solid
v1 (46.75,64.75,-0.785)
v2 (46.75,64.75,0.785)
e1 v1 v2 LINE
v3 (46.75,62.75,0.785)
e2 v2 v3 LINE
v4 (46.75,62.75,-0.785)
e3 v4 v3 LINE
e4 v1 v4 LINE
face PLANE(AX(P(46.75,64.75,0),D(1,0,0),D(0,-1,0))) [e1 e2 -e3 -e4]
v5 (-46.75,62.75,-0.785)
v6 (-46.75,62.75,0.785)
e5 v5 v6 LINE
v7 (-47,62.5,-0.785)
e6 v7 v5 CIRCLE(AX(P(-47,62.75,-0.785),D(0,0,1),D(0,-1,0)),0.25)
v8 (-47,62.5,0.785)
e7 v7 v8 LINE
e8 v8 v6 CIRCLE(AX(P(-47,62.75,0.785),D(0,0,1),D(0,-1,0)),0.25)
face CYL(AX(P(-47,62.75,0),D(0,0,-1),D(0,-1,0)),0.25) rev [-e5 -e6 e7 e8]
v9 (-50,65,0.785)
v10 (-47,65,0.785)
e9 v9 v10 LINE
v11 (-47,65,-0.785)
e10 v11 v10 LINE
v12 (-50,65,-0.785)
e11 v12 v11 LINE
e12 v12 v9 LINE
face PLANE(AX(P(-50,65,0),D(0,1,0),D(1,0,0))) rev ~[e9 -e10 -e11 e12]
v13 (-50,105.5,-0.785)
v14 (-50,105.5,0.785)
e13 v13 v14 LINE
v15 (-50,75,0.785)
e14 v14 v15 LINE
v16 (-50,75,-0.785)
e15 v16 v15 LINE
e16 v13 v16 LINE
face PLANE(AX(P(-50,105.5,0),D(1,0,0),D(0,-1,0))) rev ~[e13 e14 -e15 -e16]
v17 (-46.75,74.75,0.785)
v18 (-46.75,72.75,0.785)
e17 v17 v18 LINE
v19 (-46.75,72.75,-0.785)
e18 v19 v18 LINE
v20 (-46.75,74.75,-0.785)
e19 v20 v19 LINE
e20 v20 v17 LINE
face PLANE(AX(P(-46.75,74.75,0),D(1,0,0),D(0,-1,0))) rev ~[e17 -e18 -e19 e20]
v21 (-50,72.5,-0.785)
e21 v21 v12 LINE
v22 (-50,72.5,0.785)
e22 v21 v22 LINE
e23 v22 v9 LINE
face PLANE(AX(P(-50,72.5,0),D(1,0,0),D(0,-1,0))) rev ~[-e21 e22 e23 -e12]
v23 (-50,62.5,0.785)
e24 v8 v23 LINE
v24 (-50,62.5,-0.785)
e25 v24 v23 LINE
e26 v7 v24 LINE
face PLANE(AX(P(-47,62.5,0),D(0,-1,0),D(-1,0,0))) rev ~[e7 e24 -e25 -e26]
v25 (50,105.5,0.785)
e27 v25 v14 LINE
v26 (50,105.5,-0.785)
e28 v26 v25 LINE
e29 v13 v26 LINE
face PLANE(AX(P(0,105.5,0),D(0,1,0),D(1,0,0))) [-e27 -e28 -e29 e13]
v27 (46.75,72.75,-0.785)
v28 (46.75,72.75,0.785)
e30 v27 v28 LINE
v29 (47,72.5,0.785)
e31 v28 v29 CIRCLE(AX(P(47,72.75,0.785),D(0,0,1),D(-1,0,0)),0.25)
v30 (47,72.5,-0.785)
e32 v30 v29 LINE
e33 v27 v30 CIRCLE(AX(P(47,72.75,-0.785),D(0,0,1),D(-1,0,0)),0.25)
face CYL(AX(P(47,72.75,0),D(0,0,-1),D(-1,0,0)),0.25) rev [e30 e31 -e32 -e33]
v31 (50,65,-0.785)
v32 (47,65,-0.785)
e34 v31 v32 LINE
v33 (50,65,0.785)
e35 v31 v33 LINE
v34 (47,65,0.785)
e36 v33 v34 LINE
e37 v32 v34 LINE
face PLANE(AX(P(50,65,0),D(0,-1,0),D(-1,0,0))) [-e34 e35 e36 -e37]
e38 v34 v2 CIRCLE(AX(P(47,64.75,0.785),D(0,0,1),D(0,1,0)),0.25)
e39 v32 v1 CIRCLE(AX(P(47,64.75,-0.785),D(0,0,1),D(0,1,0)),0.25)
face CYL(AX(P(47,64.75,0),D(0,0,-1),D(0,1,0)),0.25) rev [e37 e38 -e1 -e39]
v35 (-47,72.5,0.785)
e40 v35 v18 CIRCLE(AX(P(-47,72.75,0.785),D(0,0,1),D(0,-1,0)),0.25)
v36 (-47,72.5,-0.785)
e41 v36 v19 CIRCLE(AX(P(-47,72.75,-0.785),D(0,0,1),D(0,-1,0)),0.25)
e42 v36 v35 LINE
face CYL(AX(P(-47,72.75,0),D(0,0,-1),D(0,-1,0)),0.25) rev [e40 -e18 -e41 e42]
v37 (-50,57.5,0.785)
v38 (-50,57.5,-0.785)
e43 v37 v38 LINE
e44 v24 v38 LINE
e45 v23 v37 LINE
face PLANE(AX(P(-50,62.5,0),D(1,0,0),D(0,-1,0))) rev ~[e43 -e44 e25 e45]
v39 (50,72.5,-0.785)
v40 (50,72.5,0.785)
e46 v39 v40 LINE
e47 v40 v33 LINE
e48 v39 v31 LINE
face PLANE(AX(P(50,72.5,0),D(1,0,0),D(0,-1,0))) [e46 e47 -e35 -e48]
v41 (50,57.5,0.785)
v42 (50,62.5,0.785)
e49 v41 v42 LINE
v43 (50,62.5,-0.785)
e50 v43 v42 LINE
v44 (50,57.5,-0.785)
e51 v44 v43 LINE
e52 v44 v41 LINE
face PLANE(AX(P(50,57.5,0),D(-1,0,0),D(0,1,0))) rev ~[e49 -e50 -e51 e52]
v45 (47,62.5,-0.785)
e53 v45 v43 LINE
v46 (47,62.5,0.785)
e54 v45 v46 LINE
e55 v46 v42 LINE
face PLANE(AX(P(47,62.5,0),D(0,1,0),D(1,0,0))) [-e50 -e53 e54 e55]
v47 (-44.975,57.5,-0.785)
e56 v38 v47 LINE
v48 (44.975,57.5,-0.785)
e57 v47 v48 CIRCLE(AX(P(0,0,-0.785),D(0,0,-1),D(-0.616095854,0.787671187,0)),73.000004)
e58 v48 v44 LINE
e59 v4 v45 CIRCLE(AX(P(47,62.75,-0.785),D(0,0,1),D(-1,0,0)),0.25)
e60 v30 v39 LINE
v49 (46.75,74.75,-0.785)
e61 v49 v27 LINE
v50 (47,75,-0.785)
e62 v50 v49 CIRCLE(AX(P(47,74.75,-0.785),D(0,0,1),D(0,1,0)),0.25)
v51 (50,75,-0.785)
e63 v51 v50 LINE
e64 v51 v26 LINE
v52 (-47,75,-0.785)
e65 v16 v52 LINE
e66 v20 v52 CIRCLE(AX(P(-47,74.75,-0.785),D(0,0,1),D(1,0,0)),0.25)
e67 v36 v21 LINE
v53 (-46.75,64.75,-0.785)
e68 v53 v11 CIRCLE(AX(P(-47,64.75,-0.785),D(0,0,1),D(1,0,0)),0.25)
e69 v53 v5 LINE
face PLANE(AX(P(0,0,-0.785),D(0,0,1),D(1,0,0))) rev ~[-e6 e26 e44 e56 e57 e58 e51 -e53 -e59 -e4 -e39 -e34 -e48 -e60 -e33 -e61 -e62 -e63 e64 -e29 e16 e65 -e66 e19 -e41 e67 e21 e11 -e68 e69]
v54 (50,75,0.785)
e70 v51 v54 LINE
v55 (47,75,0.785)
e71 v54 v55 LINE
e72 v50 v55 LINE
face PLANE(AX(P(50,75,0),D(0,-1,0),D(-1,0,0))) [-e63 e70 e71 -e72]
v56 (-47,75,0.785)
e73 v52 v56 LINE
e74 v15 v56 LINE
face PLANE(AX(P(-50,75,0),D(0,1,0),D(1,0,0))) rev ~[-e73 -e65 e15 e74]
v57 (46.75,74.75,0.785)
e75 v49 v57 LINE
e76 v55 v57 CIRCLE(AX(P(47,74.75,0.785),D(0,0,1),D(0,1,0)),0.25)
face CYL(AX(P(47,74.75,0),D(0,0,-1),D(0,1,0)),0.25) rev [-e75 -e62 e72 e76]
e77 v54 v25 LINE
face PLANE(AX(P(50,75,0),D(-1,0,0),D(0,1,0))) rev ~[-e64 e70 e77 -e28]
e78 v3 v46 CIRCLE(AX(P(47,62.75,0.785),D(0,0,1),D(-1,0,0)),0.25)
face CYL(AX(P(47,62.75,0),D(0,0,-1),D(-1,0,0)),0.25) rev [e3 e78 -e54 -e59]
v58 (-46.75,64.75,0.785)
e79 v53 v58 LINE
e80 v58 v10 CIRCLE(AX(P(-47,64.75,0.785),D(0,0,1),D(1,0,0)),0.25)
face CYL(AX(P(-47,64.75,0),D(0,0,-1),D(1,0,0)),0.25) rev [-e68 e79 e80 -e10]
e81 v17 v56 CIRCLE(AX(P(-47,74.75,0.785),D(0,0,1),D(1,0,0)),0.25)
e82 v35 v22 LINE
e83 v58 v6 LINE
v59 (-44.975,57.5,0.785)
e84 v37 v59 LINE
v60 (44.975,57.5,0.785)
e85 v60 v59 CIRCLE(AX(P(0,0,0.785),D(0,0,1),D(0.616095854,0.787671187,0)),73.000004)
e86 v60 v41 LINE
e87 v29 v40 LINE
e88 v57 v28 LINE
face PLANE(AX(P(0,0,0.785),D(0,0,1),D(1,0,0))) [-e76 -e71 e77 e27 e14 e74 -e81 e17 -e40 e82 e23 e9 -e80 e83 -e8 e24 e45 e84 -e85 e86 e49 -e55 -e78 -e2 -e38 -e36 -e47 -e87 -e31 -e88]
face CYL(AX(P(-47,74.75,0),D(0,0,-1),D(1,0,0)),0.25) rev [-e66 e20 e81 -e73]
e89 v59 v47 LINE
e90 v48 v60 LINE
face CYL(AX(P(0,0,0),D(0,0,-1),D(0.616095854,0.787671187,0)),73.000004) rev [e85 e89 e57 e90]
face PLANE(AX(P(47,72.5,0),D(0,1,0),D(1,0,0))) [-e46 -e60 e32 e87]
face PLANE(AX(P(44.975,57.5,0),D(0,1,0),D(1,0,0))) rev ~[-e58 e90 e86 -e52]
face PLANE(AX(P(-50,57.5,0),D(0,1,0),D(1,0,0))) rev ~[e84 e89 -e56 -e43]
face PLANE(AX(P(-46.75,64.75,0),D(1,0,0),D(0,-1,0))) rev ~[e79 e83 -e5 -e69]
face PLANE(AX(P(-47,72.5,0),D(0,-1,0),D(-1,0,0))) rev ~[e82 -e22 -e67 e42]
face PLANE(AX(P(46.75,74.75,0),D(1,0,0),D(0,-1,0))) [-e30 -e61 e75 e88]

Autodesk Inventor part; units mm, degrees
ref_plane "YZ Plane" through (0, 0, 0) normal (1, 0, 0) x (0, 1, 0)
ref_plane "XZ Plane" through (0, 0, 0) normal (0, 1, 0) x (-1, 0, 0)
ref_plane "XY Plane" through (0, 0, 0) normal (0, 0, 1) x (1, 0, 0)
sketch "Sketch2" plane through (0, 0, 0) normal (0, 0, 1) x (1, 0, 0)
  arc A0 (44.975, 57.5) -> (-44.975, 57.5) centre (0, 0) ccw
  line L0 (-70, 0) -> (70, 0) projected
  line L1 (-50, 105.5) -> (50, 105.5)
  line L2 (-50, 57.5) -> (-44.975, 57.5)
  line L3 (44.975, 57.5) -> (50, 57.5)
  line L4 (-50, 75) -> (-47, 75)
  line L5 (-46.75, 74.75) -> (-46.75, 72.75)
  line L6 (-47, 72.5) -> (-50, 72.5)
  line L7 (-50, 65) -> (-47, 65)
  line L8 (-46.75, 64.75) -> (-46.75, 62.75)
  line L9 (-47, 62.5) -> (-50, 62.5)
  line L10 (-50, 105.5) -> (-50, 75)
  line L11 (-50, 72.5) -> (-50, 65)
  line L12 (-50, 62.5) -> (-50, 57.5)
  arc A1 (-46.75, 74.75) -> (-47, 75) centre (-47, 74.75) ccw
  arc A2 (-47, 72.5) -> (-46.75, 72.75) centre (-47, 72.75) ccw
  arc A3 (-46.75, 64.75) -> (-47, 65) centre (-47, 64.75) ccw
  arc A4 (-47, 62.5) -> (-46.75, 62.75) centre (-47, 62.75) ccw
  line L13 (0, -21.1) -> (0, 126.6) projected
  line L14 (50, 75) -> (47, 75)
  line L15 (46.75, 74.75) -> (46.75, 72.75)
  line L16 (47, 72.5) -> (50, 72.5)
  line L17 (50, 65) -> (47, 65)
  line L18 (46.75, 64.75) -> (46.75, 62.75)
  line L19 (47, 62.5) -> (50, 62.5)
  line L20 (50, 72.5) -> (50, 65)
  arc A5 (47, 75) -> (46.75, 74.75) centre (47, 74.75) ccw
  arc A6 (46.75, 72.75) -> (47, 72.5) centre (47, 72.75) ccw
  arc A7 (47, 65) -> (46.75, 64.75) centre (47, 64.75) ccw
  arc A8 (46.75, 62.75) -> (47, 62.5) centre (47, 62.75) ccw
  line L21 (50, 75) -> (50, 105.5)
  line L22 (50, 57.5) -> (50, 62.5)
  line L23 (50, 65) -> (50, 72.5)
  point P0 (50, 55.9017)
  point P1 (-50, 55.9017)
  point P2 (0.9884, 19.8204)
  dimension "d0" = 73
  dimension "d33" = 100
  dimension "d34" = 211
  dimension "d37" = 115
  dimension "d38" = 2.5
  dimension "d39" = 2.5
  dimension "d41" = 0.25
  dimension "d42" = 3.25
  dimension "d43" = 5
  dimension "d44" = 10
extrude "Extrusion4" add sketch "Sketch2" along normal mid plane 1.57
properties part number "104_CellScopeDomeBoard_v3"
